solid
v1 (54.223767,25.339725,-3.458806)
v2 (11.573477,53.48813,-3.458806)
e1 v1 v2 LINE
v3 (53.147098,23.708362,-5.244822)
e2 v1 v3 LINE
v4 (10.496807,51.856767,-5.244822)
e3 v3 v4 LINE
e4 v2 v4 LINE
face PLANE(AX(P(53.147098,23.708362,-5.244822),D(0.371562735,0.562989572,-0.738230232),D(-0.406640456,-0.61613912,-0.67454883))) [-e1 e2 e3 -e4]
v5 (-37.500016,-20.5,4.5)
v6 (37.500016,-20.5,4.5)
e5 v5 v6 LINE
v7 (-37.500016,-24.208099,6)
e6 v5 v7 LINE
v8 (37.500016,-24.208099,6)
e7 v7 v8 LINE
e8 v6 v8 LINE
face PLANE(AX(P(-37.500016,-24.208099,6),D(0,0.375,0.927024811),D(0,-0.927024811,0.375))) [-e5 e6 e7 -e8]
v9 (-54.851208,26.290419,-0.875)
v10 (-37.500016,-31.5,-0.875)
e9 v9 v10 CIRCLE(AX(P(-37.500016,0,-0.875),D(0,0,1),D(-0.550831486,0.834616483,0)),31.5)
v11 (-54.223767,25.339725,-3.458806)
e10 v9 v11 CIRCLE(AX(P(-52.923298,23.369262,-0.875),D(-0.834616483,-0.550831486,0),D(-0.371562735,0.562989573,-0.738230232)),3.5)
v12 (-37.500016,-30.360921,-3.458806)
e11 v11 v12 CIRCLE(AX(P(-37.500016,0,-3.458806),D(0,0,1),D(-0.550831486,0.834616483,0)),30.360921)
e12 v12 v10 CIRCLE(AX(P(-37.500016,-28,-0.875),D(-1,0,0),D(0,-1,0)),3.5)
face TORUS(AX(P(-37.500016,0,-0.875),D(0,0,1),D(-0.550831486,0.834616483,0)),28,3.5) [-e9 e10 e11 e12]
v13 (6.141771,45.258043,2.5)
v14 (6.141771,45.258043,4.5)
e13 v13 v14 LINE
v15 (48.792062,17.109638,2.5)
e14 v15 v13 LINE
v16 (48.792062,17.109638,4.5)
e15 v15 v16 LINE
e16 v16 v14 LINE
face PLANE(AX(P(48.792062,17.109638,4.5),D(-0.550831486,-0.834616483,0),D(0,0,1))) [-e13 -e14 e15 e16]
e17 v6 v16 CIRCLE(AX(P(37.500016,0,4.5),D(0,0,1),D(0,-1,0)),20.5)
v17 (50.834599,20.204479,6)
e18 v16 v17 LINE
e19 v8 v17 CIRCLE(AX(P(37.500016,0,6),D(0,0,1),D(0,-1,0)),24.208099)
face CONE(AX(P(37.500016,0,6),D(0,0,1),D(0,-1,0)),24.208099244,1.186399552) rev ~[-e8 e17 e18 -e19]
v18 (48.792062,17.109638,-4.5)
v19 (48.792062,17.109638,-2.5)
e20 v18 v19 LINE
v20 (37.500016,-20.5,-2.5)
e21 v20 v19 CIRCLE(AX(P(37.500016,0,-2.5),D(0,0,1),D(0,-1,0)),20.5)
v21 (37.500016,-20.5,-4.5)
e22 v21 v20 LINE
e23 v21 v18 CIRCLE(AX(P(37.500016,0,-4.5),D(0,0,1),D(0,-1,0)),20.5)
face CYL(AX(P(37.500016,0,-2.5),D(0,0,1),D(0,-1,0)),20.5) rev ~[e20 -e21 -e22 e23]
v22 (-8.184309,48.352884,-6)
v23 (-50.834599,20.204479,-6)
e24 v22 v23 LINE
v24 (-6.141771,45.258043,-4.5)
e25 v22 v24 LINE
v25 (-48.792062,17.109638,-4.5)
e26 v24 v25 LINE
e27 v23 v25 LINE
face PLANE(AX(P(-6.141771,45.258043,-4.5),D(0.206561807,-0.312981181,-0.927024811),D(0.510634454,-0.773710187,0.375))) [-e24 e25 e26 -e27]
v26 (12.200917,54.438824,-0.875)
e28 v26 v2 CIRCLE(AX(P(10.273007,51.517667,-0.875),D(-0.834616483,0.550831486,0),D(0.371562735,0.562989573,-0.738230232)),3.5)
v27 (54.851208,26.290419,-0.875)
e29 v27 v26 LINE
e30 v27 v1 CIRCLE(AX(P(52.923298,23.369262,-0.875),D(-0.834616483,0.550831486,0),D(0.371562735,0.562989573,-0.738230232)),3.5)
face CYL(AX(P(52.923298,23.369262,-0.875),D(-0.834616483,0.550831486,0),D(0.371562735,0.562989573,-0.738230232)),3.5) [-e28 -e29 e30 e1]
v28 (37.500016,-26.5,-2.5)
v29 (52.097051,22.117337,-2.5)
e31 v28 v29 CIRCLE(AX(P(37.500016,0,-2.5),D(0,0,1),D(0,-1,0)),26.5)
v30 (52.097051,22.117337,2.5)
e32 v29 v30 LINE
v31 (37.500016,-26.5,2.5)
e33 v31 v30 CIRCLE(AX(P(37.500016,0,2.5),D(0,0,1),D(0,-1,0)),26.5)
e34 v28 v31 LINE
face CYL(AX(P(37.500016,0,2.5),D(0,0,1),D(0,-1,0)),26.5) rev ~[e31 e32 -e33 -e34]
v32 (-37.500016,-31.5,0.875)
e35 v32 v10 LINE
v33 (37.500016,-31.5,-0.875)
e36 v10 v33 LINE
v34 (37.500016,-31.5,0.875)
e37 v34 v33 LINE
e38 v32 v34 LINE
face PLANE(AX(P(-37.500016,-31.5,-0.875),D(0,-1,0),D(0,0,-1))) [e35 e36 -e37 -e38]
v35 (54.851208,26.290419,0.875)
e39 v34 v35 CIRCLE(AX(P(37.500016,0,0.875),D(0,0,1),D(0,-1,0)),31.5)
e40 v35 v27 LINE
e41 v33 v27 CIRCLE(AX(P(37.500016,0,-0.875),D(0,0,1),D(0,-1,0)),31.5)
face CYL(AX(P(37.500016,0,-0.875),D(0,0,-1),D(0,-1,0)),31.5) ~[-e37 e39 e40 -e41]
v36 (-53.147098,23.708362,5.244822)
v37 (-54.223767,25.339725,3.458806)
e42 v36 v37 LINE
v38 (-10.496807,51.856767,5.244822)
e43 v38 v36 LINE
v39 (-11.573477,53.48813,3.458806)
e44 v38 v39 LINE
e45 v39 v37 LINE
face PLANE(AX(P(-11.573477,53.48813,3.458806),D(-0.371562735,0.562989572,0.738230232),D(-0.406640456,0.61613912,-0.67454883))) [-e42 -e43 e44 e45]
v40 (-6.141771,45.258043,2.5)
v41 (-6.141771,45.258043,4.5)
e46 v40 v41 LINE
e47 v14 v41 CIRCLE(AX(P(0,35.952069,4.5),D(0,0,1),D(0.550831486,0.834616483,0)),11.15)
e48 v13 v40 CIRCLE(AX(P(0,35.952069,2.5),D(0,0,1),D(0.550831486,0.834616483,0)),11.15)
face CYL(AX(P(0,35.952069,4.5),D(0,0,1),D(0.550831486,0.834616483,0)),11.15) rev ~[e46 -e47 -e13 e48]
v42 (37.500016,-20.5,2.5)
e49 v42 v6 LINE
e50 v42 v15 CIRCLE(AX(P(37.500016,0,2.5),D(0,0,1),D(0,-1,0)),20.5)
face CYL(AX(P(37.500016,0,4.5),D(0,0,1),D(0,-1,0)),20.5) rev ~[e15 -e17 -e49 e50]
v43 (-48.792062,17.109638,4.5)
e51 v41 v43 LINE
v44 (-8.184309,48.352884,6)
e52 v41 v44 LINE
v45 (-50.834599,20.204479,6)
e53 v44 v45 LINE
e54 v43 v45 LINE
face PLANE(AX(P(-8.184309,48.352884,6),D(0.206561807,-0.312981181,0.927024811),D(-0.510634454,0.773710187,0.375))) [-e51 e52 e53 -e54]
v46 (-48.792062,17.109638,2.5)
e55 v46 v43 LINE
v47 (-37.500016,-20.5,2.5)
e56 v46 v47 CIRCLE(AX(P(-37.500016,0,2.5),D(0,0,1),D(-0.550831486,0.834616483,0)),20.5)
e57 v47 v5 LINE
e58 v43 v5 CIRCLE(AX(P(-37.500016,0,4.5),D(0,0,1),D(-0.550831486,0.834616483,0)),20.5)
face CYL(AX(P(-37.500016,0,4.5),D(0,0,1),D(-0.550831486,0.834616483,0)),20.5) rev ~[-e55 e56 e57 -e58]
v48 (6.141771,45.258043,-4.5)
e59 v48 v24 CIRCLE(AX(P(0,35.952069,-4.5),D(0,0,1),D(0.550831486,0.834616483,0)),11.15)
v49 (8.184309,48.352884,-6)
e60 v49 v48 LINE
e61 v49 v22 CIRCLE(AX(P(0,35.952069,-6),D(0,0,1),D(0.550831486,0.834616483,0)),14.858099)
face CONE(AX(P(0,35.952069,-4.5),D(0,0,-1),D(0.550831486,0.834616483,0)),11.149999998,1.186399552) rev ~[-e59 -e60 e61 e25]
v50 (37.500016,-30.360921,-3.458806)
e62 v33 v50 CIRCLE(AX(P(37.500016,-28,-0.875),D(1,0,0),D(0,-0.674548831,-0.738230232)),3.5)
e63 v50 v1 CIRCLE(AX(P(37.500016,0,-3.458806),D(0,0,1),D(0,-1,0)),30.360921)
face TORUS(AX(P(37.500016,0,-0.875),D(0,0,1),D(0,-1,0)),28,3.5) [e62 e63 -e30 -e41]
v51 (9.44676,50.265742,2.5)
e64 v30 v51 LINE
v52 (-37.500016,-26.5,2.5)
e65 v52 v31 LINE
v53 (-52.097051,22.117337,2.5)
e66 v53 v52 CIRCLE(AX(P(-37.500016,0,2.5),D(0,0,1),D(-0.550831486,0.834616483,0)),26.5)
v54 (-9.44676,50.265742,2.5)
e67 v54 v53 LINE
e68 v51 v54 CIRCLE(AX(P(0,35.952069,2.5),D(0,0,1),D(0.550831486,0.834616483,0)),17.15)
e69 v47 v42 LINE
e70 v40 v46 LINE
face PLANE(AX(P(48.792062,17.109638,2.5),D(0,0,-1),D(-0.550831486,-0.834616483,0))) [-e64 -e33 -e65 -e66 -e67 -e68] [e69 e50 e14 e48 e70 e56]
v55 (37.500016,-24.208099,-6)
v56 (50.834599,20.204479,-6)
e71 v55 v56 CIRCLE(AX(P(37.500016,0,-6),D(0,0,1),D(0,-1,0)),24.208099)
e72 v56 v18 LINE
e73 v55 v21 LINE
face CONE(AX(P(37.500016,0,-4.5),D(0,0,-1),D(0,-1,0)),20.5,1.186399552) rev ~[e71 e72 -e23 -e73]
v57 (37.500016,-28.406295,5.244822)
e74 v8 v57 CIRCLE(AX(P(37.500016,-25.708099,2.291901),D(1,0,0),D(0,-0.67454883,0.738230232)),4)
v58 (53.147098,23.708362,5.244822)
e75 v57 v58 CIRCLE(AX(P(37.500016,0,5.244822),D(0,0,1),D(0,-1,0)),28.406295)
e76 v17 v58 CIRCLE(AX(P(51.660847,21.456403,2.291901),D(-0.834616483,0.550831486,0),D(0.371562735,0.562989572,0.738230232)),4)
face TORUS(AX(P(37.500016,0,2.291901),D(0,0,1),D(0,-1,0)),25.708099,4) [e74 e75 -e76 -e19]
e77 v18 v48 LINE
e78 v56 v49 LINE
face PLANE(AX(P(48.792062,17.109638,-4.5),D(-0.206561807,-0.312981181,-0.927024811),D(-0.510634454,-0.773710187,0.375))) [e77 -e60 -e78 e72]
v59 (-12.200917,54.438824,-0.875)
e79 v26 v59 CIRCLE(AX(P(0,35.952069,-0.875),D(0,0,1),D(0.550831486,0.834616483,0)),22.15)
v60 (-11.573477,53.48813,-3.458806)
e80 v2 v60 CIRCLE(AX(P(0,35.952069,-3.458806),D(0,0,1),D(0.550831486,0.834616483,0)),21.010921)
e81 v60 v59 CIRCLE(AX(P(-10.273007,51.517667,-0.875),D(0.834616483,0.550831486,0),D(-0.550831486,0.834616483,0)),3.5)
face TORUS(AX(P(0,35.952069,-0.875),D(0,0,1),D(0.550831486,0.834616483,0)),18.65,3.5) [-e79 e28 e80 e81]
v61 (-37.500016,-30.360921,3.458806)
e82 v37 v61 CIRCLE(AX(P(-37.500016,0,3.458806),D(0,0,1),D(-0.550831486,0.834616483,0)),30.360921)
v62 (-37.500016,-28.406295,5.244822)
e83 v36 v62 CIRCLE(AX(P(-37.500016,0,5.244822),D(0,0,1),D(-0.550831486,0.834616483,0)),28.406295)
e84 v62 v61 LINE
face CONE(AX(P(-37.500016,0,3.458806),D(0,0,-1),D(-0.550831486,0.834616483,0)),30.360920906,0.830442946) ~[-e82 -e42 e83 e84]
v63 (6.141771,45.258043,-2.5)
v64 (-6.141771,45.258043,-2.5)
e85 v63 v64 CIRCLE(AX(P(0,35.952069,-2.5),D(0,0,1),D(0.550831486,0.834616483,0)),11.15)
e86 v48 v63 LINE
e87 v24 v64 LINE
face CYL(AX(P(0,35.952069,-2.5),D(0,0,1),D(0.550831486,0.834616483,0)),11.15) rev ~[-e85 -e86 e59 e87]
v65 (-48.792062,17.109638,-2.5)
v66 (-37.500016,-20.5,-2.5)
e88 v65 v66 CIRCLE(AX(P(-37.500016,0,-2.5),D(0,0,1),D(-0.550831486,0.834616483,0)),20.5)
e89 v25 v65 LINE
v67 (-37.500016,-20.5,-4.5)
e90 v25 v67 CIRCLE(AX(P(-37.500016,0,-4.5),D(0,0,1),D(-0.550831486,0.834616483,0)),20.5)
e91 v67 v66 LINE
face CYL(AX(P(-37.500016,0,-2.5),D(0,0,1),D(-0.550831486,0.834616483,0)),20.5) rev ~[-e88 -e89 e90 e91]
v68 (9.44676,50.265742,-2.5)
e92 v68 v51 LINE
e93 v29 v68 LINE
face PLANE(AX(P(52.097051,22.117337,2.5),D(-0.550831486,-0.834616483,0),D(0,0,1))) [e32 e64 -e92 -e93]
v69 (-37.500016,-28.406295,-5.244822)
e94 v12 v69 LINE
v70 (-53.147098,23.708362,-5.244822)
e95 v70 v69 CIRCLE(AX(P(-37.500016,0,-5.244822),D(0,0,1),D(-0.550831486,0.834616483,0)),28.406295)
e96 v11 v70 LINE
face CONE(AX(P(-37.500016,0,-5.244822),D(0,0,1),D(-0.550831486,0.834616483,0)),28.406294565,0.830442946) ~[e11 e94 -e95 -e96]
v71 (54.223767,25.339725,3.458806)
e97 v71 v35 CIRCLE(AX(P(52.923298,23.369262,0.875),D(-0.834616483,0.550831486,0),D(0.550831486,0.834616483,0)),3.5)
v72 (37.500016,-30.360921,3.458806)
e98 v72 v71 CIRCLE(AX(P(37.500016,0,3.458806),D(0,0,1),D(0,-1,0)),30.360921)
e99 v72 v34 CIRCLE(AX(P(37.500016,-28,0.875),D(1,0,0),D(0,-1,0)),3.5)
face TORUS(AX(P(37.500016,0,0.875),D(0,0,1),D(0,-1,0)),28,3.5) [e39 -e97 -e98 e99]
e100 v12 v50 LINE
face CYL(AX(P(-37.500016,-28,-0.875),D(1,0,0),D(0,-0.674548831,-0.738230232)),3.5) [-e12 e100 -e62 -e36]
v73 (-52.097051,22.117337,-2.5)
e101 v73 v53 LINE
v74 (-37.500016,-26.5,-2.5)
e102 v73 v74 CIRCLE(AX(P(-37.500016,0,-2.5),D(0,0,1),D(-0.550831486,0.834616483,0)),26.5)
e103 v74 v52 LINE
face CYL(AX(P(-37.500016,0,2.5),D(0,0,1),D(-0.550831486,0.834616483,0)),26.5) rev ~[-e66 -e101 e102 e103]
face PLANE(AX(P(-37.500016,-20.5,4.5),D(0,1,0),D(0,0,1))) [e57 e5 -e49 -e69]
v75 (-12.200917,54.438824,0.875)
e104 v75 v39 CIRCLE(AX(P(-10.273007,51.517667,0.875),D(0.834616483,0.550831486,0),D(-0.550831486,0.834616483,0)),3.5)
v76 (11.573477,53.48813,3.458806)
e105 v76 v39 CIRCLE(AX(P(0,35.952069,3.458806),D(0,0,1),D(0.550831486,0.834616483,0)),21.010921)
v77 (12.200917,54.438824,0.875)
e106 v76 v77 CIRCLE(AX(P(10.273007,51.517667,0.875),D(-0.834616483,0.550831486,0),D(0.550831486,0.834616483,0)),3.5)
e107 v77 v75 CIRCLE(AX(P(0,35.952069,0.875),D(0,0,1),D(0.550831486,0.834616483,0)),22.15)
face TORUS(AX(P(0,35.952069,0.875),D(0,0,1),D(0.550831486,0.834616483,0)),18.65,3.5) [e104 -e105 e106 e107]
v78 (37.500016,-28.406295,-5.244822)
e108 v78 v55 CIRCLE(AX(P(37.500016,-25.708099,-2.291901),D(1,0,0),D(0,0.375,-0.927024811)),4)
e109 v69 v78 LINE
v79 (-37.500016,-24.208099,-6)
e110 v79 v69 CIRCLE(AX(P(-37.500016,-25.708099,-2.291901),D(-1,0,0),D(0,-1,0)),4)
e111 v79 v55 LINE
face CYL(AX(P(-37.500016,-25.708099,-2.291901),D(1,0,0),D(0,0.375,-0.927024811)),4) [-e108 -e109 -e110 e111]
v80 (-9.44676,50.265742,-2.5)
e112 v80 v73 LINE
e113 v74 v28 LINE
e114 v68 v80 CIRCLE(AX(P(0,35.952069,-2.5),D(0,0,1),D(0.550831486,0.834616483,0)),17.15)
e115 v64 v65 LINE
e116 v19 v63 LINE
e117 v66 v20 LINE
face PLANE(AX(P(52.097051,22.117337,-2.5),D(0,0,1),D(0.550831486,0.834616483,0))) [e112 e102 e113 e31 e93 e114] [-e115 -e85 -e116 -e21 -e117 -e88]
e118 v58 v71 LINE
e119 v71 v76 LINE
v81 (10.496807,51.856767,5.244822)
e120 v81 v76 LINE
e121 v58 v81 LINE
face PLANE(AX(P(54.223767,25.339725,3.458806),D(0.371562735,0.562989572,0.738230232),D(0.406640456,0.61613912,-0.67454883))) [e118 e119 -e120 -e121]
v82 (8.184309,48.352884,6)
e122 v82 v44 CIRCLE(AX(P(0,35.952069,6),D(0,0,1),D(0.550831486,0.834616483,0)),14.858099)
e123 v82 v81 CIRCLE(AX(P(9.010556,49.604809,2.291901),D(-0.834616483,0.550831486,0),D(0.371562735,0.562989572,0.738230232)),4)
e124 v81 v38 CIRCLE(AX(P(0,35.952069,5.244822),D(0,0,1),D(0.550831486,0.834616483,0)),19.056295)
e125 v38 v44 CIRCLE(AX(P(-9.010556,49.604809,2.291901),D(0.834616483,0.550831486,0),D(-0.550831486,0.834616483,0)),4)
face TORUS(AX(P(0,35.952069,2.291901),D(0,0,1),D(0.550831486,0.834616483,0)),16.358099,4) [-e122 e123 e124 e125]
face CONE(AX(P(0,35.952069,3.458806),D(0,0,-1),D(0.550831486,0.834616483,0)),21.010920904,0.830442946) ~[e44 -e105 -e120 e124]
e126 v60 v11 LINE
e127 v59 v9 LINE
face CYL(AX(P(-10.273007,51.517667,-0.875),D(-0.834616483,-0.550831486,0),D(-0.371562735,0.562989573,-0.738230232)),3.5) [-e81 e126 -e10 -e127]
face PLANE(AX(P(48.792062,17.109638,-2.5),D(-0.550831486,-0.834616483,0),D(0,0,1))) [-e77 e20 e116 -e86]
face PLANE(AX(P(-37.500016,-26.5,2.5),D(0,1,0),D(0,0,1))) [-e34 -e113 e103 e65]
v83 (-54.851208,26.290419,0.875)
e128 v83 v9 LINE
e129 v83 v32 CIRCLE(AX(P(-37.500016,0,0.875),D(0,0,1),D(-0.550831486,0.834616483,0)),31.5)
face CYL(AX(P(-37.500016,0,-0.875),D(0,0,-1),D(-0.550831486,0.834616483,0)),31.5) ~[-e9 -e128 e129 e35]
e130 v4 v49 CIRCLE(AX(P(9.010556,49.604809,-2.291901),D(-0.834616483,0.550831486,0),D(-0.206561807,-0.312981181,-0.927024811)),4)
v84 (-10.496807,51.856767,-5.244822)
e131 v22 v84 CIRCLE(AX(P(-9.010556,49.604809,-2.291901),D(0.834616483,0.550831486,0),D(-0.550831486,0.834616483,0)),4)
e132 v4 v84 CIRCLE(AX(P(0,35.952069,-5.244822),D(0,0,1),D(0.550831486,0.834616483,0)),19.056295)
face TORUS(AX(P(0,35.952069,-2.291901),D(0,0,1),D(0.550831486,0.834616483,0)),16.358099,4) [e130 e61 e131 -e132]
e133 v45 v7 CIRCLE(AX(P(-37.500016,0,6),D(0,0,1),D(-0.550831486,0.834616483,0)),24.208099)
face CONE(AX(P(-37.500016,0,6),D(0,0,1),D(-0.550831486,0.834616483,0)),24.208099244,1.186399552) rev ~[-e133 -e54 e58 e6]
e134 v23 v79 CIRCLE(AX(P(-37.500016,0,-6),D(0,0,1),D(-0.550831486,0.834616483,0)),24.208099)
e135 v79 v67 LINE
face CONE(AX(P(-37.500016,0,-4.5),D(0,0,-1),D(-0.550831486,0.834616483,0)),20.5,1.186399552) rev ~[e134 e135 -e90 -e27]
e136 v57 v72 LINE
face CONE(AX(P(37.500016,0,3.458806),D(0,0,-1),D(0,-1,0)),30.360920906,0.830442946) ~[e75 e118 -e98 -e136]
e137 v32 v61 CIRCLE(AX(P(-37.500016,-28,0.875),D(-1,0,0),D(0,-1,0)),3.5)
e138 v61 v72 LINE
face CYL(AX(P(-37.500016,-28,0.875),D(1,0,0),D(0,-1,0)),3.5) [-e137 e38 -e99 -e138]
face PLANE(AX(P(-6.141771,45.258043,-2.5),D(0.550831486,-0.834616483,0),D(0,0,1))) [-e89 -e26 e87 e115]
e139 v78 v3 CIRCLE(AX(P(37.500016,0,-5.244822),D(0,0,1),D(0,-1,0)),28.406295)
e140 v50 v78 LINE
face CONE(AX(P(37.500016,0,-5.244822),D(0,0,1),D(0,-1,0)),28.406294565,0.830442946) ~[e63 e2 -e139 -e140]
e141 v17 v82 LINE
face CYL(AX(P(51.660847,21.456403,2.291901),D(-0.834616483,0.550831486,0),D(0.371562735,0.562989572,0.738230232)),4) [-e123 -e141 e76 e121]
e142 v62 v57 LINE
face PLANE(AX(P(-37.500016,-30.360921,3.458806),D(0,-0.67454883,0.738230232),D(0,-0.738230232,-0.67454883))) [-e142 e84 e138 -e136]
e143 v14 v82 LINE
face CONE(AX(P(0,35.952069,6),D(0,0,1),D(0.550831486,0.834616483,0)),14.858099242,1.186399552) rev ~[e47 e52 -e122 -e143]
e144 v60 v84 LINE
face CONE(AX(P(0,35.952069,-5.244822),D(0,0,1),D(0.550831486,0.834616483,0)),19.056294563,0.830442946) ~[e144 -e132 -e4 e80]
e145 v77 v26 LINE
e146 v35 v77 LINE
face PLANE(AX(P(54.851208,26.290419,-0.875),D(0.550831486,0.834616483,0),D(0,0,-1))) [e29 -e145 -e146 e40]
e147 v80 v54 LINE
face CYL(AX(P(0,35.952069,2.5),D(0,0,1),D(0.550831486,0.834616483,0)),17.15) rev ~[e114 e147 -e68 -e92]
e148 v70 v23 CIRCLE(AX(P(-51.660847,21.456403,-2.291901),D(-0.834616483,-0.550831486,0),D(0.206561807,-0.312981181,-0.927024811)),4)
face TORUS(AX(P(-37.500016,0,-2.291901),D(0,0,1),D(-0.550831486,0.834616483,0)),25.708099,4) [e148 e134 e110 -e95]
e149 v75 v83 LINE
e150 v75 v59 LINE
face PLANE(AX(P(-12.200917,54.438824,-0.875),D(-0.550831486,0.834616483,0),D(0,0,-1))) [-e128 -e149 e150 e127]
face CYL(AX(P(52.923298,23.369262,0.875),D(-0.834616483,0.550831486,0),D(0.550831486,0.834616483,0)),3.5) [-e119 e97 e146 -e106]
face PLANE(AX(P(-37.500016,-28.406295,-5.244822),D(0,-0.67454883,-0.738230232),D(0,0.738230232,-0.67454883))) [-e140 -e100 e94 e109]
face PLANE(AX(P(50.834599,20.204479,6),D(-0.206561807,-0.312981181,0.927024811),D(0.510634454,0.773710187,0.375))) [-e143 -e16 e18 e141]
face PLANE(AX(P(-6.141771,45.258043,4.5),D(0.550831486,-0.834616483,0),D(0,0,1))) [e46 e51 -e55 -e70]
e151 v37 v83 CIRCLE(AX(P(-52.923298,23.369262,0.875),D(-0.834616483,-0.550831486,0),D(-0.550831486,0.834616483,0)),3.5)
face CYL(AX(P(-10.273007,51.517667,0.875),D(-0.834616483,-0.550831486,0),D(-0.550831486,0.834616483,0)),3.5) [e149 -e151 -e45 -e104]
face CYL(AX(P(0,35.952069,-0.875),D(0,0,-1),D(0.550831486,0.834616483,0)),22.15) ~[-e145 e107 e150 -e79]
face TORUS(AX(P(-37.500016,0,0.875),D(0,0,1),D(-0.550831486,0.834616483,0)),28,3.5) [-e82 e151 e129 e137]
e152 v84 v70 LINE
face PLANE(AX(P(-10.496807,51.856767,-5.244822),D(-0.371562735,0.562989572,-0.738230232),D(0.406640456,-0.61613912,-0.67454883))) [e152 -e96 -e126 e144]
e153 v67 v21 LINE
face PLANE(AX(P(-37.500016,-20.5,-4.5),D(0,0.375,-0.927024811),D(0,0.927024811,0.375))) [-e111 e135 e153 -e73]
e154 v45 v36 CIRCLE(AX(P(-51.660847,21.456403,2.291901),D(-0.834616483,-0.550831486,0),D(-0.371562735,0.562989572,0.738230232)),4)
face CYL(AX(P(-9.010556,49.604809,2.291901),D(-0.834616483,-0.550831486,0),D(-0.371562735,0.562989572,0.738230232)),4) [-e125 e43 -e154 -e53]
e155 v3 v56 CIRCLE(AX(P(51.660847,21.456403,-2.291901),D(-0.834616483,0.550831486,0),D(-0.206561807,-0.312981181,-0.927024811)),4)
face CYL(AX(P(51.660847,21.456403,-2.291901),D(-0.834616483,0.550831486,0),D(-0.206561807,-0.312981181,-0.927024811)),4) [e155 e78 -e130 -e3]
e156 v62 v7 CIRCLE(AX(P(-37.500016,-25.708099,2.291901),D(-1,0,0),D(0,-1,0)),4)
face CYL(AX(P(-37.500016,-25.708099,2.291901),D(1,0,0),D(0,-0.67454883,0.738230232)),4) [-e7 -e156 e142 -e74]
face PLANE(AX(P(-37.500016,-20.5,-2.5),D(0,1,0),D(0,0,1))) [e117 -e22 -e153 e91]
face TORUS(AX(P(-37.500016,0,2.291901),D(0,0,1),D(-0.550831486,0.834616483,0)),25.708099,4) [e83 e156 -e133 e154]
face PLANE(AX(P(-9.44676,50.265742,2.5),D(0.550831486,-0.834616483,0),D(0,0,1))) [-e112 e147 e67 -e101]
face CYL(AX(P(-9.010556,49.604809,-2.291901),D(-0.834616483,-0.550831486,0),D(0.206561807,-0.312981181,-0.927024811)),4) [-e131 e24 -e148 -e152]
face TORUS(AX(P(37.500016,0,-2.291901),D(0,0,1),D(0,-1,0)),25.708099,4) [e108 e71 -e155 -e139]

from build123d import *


with BuildPart() as part:
    # Balayage1: sweep along a path in Esquisse1
    with BuildLine(Plane.XY) as balayage1_path:
        Line((48.792061638, 17.109637903), (6.141771071, 45.25804309))
        ThreePointArc((6.141771071, 45.25804309), (0, 47.102069304), (-6.141771071, 45.25804309))
        Line((-6.141771071, 45.25804309), (-48.792061638, 17.109637903))
        ThreePointArc((-48.792061638, 17.109637903), (-57.134139235, -5.895015818), (-37.50001617, -20.5))
        Line((-37.50001617, -20.5), (37.50001617, -20.5))
        ThreePointArc((37.50001617, -20.5), (57.134139235, -5.895015818), (48.792061638, 17.109637903))
    # Esquisse2 → Balayage1 (sweep)
    with BuildSketch(Plane(origin=(0, 0, 0), x_dir=(0, 0, -1), z_dir=(1, 0, 0))):
        with BuildLine():
            Line((-4.5, -20.5), (-2.5, -20.5))
            Line((-2.5, -20.5), (-2.5, -26.5))
            Line((-2.5, -26.5), (2.5, -26.5))
            Line((2.5, -26.5), (2.5, -20.5))
            Line((2.5, -20.5), (4.5, -20.5))
            Line((4.5, -20.5), (6, -24.208099244))
            ThreePointArc((6, -24.208099244), (6.228715258, -26.416259945), (5.244821685, -28.406294565))
            Line((5.244821685, -28.406294565), (3.458805812, -30.360920906))
            ThreePointArc((3.458805812, -30.360920906), (2.286874079, -31.202594508), (0.875, -31.5))
            Line((0.875, -31.5), (-0.875, -31.5))
            ThreePointArc((-0.875, -31.5), (-2.286874079, -31.202594508), (-3.458805812, -30.360920906))
            Line((-3.458805812, -30.360920906), (-5.244821685, -28.406294565))
            ThreePointArc((-5.244821685, -28.406294565), (-6.228715258, -26.416259945), (-6, -24.208099244))
            Line((-6, -24.208099244), (-4.5, -20.5))
        make_face()
    sweep(path=balayage1_path.line)


solid = part.part
